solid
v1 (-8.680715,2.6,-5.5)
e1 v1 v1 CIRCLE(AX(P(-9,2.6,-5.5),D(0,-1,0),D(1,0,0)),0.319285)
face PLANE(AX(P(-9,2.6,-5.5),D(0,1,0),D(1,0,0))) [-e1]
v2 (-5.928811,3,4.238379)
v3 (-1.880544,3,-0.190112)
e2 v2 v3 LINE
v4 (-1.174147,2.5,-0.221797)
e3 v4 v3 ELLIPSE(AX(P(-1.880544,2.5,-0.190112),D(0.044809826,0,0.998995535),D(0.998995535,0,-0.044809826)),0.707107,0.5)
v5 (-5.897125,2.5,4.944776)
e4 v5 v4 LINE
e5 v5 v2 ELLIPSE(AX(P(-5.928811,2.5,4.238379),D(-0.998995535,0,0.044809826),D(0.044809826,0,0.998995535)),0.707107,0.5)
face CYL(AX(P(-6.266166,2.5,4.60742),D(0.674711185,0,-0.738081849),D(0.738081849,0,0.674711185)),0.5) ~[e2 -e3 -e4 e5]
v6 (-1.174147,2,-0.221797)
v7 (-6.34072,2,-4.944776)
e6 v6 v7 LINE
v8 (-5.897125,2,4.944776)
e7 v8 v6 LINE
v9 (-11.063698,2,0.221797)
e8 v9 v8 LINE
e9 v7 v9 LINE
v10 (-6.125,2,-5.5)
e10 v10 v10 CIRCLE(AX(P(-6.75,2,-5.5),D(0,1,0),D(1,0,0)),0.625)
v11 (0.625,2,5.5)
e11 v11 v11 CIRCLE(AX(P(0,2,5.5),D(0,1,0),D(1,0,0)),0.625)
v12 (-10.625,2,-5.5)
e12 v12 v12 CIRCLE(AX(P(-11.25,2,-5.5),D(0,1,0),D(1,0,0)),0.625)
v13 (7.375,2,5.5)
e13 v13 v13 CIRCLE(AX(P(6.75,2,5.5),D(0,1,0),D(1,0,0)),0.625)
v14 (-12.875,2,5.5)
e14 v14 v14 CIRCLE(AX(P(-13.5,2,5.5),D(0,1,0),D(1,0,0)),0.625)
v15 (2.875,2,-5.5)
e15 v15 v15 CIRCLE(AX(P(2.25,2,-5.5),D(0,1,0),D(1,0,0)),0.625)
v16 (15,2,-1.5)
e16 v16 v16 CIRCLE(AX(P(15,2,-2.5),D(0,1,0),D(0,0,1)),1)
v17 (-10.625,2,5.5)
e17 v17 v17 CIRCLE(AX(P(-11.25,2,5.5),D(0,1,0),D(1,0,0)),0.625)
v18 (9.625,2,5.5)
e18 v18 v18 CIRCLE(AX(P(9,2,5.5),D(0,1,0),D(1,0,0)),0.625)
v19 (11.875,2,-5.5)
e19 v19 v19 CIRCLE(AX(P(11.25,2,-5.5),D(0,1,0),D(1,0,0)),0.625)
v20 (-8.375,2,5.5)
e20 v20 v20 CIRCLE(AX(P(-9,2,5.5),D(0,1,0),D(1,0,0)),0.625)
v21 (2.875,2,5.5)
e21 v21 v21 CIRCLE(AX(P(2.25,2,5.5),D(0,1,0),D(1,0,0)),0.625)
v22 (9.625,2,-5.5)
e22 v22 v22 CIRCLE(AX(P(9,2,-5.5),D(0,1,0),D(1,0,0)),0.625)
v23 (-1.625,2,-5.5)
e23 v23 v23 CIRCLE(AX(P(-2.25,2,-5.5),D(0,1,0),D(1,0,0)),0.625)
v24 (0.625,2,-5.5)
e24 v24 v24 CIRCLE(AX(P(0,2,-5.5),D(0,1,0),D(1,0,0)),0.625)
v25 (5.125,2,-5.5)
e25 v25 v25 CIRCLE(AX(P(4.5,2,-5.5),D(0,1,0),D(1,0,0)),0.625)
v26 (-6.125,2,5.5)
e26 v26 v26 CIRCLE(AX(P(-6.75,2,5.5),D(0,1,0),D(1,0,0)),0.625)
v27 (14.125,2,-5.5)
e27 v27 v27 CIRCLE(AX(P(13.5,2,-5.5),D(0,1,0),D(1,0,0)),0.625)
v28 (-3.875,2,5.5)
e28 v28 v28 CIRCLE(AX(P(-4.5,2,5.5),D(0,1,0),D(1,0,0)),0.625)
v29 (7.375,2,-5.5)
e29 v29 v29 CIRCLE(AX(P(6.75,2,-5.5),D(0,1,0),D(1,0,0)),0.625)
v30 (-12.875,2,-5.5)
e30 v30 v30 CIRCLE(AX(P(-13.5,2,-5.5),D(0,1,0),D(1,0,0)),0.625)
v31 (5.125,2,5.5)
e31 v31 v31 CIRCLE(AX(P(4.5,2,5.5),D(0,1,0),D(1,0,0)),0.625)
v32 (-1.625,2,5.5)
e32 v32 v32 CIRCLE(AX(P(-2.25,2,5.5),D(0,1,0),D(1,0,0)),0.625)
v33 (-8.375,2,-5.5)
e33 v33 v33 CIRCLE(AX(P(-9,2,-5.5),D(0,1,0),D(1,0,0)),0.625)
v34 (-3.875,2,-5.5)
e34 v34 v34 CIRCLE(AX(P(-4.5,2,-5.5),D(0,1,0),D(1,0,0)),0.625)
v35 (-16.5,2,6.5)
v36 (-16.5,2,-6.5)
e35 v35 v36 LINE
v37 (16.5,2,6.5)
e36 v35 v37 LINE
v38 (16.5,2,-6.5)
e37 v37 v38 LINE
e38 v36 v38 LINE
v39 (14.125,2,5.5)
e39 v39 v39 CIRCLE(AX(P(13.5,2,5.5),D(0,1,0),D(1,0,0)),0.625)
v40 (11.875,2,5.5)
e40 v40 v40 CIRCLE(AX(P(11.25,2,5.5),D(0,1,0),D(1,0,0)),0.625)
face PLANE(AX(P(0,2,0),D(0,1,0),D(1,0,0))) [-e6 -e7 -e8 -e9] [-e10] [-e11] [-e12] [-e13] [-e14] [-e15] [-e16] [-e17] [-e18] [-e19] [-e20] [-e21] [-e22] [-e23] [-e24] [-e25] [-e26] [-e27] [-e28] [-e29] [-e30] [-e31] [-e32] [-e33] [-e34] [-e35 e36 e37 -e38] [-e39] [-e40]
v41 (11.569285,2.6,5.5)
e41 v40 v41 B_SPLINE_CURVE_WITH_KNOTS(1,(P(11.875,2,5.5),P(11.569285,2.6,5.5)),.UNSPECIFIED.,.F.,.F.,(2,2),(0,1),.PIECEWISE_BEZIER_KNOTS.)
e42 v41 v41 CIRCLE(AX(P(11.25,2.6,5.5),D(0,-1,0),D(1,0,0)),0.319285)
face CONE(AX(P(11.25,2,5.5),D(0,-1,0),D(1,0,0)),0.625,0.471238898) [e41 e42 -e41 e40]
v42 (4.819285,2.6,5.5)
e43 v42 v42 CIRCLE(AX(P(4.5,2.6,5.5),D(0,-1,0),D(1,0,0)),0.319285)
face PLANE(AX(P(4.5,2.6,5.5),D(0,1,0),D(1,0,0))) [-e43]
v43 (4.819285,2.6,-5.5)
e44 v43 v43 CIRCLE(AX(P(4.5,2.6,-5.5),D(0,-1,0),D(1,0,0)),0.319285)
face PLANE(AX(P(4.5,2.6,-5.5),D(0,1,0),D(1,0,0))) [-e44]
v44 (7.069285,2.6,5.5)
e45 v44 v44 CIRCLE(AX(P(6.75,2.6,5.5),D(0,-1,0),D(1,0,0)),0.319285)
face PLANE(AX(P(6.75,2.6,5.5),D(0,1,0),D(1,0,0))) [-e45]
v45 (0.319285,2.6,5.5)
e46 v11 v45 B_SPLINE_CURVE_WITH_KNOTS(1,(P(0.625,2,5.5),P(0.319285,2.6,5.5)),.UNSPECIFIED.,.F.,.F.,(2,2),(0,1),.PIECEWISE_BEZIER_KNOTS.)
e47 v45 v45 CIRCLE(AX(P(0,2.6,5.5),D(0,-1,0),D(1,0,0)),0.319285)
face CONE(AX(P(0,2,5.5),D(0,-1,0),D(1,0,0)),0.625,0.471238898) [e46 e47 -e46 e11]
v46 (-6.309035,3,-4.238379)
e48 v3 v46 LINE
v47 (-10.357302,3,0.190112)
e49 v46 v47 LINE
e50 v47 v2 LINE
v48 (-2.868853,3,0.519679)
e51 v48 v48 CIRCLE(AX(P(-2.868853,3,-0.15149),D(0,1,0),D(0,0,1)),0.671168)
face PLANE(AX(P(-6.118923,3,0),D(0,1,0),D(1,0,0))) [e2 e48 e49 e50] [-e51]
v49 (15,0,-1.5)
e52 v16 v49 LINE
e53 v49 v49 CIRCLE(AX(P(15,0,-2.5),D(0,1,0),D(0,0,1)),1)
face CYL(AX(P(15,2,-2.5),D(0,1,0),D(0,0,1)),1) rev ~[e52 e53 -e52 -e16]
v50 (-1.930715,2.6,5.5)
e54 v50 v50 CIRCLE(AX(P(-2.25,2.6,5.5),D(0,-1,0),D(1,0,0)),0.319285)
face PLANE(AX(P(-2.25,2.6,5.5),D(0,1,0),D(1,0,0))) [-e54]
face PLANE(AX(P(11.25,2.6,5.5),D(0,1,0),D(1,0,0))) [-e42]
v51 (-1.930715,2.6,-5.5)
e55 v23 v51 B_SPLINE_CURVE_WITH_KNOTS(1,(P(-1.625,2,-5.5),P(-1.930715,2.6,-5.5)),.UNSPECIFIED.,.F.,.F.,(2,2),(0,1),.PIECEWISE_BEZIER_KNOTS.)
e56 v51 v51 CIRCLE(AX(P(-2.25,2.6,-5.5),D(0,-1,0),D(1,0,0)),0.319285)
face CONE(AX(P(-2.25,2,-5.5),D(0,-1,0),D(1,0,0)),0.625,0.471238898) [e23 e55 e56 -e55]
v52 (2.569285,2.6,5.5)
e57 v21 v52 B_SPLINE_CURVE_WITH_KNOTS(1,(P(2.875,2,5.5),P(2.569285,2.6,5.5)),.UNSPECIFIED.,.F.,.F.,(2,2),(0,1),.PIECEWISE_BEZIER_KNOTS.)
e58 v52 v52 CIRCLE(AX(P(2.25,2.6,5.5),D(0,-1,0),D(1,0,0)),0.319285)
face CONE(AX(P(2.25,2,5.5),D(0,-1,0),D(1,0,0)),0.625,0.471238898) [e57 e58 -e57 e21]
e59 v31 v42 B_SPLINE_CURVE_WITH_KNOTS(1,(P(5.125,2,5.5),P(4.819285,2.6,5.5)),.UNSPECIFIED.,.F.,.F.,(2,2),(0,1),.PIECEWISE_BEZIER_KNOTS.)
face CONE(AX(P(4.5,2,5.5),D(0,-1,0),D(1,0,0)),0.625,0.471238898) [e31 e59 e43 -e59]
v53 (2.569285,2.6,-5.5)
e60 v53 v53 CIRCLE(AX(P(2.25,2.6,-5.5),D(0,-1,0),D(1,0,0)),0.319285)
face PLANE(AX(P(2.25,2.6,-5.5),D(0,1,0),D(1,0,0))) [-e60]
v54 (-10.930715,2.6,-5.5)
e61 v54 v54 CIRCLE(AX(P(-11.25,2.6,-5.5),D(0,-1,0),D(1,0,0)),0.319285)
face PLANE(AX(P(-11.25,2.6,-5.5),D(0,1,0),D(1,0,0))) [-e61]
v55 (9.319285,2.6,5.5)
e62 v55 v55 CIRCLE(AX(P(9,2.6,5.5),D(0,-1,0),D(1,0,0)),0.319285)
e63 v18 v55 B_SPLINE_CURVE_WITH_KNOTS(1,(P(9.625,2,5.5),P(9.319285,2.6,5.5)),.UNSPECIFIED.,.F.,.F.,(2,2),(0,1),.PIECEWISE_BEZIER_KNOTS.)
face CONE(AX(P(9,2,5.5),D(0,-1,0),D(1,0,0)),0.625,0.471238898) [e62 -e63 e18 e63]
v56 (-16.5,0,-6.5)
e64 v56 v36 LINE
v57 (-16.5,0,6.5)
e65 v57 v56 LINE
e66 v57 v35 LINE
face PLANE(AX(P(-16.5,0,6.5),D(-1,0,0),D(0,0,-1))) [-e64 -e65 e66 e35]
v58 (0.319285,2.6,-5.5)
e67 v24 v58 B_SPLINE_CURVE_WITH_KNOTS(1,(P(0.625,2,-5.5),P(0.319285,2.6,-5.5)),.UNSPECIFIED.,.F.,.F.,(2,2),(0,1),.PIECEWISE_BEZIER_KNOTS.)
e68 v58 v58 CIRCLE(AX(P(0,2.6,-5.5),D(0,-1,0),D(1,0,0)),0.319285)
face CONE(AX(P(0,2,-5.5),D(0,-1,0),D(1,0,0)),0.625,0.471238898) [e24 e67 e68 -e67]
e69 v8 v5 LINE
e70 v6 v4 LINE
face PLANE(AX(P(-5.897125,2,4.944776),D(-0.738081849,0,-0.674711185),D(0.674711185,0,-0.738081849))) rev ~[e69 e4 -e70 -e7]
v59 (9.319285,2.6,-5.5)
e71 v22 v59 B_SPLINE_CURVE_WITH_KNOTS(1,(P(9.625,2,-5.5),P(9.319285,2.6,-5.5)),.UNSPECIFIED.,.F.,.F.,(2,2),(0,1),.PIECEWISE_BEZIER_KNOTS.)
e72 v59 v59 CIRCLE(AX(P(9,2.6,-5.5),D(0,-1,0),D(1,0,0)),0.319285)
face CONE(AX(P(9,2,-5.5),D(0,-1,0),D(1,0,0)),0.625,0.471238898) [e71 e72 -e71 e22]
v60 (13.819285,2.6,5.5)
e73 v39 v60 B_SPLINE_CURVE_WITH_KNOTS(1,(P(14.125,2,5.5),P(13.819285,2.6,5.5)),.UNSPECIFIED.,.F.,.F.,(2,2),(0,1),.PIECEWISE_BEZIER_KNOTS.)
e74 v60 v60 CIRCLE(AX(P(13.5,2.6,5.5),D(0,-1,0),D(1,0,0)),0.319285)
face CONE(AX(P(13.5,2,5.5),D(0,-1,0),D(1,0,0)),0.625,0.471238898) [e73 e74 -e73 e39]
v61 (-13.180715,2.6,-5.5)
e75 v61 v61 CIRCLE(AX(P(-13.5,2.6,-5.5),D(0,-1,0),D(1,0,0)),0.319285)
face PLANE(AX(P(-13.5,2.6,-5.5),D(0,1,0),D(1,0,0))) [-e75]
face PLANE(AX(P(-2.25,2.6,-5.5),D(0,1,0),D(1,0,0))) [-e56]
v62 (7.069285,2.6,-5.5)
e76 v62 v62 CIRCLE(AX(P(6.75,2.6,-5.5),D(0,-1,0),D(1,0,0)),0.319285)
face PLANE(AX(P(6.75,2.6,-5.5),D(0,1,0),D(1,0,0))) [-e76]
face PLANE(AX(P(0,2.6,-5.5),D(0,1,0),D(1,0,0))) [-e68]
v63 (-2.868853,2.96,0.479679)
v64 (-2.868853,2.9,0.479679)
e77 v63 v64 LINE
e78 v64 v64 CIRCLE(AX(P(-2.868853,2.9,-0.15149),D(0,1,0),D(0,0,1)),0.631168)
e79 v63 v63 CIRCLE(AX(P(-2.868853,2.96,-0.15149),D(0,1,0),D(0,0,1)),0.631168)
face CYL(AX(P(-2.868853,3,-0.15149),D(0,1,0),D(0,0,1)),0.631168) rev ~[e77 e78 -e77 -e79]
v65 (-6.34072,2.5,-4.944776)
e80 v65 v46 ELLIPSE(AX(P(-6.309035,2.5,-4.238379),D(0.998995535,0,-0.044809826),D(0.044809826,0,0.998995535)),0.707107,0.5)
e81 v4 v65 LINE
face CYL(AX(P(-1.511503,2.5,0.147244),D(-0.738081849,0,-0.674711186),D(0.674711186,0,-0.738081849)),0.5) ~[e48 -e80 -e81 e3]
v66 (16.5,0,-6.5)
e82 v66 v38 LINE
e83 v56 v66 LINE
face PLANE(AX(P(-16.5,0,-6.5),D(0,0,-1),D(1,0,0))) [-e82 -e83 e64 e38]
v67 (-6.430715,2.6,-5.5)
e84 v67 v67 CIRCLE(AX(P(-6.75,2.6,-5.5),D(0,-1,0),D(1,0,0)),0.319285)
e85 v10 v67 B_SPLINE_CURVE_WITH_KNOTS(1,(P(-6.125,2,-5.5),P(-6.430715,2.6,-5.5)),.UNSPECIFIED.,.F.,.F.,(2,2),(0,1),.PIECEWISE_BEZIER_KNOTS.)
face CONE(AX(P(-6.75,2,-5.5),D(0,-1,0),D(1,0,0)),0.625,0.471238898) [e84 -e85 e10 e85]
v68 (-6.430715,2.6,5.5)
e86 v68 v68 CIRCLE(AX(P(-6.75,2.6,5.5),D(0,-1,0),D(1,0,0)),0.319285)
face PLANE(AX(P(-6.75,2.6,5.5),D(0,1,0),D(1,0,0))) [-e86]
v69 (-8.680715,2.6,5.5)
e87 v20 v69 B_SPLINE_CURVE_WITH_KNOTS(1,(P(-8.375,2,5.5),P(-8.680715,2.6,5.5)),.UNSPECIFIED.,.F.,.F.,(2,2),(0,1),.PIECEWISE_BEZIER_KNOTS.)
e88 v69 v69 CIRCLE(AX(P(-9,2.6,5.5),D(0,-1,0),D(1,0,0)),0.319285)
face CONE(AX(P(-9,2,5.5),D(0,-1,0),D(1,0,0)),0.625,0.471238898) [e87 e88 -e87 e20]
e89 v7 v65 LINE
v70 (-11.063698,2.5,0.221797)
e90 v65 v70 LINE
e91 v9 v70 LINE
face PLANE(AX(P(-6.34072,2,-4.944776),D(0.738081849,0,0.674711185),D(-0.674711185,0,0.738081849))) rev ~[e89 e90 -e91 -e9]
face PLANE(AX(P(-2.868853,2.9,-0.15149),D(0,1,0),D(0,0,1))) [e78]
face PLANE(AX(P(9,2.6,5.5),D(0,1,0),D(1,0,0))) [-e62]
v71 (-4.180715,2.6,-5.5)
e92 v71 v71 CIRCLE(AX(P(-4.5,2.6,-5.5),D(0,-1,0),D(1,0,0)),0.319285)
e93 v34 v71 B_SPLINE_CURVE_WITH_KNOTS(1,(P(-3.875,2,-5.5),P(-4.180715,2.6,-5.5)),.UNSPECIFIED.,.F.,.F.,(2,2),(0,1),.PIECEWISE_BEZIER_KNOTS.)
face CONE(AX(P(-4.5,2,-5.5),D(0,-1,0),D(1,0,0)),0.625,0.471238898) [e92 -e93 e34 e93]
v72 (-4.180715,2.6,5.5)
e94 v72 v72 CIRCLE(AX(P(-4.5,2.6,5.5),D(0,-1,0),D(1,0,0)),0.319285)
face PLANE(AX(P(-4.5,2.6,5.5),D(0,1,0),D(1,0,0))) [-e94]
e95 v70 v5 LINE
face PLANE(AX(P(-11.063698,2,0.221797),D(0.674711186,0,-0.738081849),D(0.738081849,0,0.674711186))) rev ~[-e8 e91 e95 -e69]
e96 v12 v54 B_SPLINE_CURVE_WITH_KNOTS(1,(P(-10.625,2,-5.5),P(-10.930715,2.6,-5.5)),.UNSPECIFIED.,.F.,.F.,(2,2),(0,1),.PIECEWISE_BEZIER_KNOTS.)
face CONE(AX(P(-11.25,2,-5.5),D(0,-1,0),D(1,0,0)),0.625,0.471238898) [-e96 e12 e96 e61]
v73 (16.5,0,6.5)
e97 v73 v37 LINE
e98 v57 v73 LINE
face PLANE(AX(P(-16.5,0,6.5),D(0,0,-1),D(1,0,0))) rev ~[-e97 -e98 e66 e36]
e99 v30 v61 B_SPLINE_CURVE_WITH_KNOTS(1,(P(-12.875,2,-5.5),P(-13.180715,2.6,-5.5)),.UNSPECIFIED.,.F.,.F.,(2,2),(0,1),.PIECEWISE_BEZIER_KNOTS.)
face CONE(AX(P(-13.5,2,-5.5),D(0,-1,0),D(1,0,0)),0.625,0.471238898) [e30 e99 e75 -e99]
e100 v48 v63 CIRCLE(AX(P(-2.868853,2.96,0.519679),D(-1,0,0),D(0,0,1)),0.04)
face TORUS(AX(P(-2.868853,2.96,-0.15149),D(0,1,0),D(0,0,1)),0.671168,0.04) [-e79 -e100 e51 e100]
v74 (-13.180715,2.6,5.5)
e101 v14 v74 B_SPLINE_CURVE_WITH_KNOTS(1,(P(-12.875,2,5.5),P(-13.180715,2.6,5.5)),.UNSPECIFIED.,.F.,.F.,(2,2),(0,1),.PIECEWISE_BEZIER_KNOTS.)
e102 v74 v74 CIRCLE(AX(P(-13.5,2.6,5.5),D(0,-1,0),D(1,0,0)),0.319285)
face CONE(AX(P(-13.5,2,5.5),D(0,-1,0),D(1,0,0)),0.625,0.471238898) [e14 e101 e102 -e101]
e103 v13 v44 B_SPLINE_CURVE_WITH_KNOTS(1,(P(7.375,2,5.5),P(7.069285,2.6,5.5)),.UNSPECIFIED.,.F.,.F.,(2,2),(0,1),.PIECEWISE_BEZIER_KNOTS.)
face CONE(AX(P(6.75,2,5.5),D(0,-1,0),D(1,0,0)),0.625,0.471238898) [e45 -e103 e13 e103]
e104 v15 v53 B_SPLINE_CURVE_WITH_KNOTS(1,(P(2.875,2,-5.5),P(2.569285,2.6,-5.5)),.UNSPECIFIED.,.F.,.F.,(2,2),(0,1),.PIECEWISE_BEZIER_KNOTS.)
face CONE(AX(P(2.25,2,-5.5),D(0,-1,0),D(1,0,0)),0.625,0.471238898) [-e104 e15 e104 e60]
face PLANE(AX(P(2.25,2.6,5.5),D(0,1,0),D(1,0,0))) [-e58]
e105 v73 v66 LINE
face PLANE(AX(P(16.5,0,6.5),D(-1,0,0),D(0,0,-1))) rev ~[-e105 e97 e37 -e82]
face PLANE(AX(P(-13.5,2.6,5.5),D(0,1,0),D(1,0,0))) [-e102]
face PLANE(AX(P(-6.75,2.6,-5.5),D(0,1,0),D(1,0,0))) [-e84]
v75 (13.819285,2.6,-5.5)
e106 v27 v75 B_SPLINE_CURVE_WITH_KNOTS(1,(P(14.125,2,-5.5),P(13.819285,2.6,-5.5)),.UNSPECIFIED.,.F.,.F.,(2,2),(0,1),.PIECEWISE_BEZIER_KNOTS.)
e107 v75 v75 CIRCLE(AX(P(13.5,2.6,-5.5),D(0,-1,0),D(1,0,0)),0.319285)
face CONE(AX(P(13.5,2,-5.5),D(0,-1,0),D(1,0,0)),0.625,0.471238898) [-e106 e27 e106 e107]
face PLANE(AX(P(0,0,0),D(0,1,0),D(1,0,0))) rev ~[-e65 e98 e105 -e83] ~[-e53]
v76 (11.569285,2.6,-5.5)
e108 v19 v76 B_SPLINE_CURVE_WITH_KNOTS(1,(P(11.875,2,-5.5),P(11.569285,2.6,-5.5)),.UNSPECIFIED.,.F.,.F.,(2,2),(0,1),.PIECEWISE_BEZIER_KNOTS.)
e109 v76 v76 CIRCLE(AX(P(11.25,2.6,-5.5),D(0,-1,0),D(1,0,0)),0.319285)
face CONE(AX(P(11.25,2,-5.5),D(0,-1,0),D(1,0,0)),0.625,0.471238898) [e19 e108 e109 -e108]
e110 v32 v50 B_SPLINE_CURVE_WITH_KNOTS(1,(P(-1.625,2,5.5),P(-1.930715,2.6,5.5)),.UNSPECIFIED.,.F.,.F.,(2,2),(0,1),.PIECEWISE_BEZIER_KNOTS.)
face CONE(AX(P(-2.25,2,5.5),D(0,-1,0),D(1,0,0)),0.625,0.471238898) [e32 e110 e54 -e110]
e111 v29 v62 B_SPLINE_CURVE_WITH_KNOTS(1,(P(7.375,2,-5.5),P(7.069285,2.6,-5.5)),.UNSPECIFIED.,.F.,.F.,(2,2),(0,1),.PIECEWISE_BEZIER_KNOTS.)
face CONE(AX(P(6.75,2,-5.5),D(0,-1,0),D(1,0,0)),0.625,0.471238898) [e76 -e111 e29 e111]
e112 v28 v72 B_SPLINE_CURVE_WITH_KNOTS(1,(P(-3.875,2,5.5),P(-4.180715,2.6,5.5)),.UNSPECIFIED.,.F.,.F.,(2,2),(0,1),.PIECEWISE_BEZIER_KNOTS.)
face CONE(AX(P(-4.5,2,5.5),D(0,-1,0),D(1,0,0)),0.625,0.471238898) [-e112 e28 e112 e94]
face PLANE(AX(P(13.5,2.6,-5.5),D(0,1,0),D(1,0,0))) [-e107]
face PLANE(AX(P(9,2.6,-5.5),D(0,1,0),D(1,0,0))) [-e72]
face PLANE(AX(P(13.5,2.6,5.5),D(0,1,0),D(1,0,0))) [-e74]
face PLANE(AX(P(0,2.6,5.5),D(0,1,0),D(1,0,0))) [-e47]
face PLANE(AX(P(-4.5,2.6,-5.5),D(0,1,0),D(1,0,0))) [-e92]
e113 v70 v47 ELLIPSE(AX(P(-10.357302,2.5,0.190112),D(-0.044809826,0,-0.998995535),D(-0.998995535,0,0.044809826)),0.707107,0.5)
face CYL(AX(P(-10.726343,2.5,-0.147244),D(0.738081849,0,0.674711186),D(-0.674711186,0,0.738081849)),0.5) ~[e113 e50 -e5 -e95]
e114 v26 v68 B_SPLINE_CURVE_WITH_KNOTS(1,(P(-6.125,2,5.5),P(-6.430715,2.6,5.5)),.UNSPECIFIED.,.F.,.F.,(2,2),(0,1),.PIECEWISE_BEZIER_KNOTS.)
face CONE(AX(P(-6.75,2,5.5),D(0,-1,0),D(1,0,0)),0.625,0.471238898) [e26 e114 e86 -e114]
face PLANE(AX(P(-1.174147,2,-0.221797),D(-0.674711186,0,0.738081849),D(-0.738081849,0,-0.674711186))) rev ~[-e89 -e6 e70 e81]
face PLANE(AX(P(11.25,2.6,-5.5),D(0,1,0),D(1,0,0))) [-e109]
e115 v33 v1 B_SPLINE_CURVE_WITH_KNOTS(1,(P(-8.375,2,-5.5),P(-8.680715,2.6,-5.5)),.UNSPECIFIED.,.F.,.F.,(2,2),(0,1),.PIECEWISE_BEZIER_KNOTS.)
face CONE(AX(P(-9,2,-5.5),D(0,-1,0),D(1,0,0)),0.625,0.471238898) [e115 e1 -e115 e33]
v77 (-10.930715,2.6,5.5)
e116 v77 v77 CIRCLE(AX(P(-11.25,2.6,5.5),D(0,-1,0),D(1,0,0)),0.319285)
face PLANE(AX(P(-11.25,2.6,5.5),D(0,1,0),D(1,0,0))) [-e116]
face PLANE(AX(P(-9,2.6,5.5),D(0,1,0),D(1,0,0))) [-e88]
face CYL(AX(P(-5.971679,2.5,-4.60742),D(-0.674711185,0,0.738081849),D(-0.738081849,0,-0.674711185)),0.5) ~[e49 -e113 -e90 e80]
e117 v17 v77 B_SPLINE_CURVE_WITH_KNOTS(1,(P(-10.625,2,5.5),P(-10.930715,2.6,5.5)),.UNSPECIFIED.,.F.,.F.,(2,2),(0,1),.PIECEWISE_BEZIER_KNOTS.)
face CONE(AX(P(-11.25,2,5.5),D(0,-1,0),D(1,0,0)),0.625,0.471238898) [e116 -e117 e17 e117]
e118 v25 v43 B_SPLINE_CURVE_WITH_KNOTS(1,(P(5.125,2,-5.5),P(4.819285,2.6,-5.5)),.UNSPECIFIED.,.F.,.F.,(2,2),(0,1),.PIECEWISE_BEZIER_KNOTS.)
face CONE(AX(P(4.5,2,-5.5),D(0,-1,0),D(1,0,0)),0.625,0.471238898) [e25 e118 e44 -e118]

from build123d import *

# Parameters (mm, degrees)
SKETCH1_W           = 33
SKETCH1_H           = 13
BOSS_EXTRUDE1_DEPTH = 2
BOSS_EXTRUDE2_DEPTH = 1
FILLET1_R           = 0.5
SKETCH3_R           = 0.631168426
CUT_EXTRUDE1_DEPTH  = 0.1
FILLET2_R           = 0.04
SKETCH4_R           = 0.625
BOSS_EXTRUDE3_DEPTH = 0.6
BOSS_EXTRUDE3_TAPER = 27
SKETCH7_R           = 1
CUT_EXTRUDE2_DEPTH  = 3


with BuildPart() as part:
    # Sketch1 → Boss-Extrude1 (new body)
    with BuildSketch(Plane(origin=(0, 0, 0), x_dir=(1, 0, 0), z_dir=(0, 1, 0))):
        Rectangle(SKETCH1_W, SKETCH1_H)
    extrude(amount=BOSS_EXTRUDE1_DEPTH)

    # Sketch2 → Boss-Extrude2 (add)
    with BuildSketch(Plane(origin=(0, 2, 0), x_dir=(1, 0, 0), z_dir=(0, 1, 0))):
        Polygon((-11.063698409, -0.221797323), (-5.897125464, -4.944775622), (-1.174147166, 0.221797323), (-6.340720111, 4.944775622), align=None)
    extrude(amount=BOSS_EXTRUDE2_DEPTH)

    # Fillet1
    fillet1_edges = [part.edges().sort_by_distance(p)[0] for p in [
        (-8.70220926, 3, -2.361489149),
        (-8.480411937, 3, 2.583286472),
        (-3.535636315, 3, 2.361489149),
        (-3.757433638, 3, -2.583286472),
    ]]
    fillet(fillet1_edges, radius=FILLET1_R)

    # Sketch3 → Cut-Extrude1 (cut)
    with BuildSketch(Plane(origin=(0, 3, 0), x_dir=(1, 0, 0), z_dir=(0, 1, 0))):
        with Locations(Location((-2.868853152, 0.151489879, 0), (0, 0, 270))):
            Circle(SKETCH3_R)
    extrude(amount=-CUT_EXTRUDE1_DEPTH, mode=Mode.SUBTRACT)

    # Fillet2
    fillet2_edges = [part.edges().sort_by_distance(p)[0] for p in [
        (-2.868853152, 3, -0.782658305),
    ]]
    fillet(fillet2_edges, radius=FILLET2_R)

    # Sketch4 → Boss-Extrude3 (add)
    with BuildSketch(Plane(origin=(0, 2, 0), x_dir=(1, 0, 0), z_dir=(0, 1, 0))):
        with Locations((-13.5, 5.5)):
            Circle(SKETCH4_R)
        with Locations((-11.25, 5.5)):
            Circle(SKETCH4_R)
        with Locations((-9, 5.5)):
            Circle(SKETCH4_R)
        with Locations((-6.75, 5.5)):
            Circle(SKETCH4_R)
        with Locations((-4.5, 5.5)):
            Circle(SKETCH4_R)
        with Locations((-2.25, 5.5)):
            Circle(SKETCH4_R)
        with Locations((0, 5.5)):
            Circle(SKETCH4_R)
        with Locations((2.25, 5.5)):
            Circle(SKETCH4_R)
        with Locations((4.5, 5.5)):
            Circle(SKETCH4_R)
        with Locations((6.75, 5.5)):
            Circle(SKETCH4_R)
        with Locations((9, 5.5)):
            Circle(SKETCH4_R)
        with Locations((11.25, 5.5)):
            Circle(SKETCH4_R)
        with Locations((13.5, 5.5)):
            Circle(SKETCH4_R)
        with Locations((-13.5, -5.5)):
            Circle(SKETCH4_R)
        with Locations((-11.25, -5.5)):
            Circle(SKETCH4_R)
        with Locations((-9, -5.5)):
            Circle(SKETCH4_R)
        with Locations((-6.75, -5.5)):
            Circle(SKETCH4_R)
        with Locations((-4.5, -5.5)):
            Circle(SKETCH4_R)
        with Locations((-2.25, -5.5)):
            Circle(SKETCH4_R)
        with Locations((0, -5.5)):
            Circle(SKETCH4_R)
        with Locations((2.25, -5.5)):
            Circle(SKETCH4_R)
        with Locations((4.5, -5.5)):
            Circle(SKETCH4_R)
        with Locations((6.75, -5.5)):
            Circle(SKETCH4_R)
        with Locations((9, -5.5)):
            Circle(SKETCH4_R)
        with Locations((11.25, -5.5)):
            Circle(SKETCH4_R)
        with Locations((13.5, -5.5)):
            Circle(SKETCH4_R)
    extrude(amount=BOSS_EXTRUDE3_DEPTH, taper=BOSS_EXTRUDE3_TAPER)

    # Sketch7 → Cut-Extrude2 (cut)
    with BuildSketch(Plane(origin=(0, 2, 0), x_dir=(1, 0, 0), z_dir=(0, 1, 0))):
        with Locations(Location((15, 2.5, 0), (0, 0, 270))):
            Circle(SKETCH7_R)
    extrude(amount=-CUT_EXTRUDE2_DEPTH, mode=Mode.SUBTRACT)


solid = part.part
